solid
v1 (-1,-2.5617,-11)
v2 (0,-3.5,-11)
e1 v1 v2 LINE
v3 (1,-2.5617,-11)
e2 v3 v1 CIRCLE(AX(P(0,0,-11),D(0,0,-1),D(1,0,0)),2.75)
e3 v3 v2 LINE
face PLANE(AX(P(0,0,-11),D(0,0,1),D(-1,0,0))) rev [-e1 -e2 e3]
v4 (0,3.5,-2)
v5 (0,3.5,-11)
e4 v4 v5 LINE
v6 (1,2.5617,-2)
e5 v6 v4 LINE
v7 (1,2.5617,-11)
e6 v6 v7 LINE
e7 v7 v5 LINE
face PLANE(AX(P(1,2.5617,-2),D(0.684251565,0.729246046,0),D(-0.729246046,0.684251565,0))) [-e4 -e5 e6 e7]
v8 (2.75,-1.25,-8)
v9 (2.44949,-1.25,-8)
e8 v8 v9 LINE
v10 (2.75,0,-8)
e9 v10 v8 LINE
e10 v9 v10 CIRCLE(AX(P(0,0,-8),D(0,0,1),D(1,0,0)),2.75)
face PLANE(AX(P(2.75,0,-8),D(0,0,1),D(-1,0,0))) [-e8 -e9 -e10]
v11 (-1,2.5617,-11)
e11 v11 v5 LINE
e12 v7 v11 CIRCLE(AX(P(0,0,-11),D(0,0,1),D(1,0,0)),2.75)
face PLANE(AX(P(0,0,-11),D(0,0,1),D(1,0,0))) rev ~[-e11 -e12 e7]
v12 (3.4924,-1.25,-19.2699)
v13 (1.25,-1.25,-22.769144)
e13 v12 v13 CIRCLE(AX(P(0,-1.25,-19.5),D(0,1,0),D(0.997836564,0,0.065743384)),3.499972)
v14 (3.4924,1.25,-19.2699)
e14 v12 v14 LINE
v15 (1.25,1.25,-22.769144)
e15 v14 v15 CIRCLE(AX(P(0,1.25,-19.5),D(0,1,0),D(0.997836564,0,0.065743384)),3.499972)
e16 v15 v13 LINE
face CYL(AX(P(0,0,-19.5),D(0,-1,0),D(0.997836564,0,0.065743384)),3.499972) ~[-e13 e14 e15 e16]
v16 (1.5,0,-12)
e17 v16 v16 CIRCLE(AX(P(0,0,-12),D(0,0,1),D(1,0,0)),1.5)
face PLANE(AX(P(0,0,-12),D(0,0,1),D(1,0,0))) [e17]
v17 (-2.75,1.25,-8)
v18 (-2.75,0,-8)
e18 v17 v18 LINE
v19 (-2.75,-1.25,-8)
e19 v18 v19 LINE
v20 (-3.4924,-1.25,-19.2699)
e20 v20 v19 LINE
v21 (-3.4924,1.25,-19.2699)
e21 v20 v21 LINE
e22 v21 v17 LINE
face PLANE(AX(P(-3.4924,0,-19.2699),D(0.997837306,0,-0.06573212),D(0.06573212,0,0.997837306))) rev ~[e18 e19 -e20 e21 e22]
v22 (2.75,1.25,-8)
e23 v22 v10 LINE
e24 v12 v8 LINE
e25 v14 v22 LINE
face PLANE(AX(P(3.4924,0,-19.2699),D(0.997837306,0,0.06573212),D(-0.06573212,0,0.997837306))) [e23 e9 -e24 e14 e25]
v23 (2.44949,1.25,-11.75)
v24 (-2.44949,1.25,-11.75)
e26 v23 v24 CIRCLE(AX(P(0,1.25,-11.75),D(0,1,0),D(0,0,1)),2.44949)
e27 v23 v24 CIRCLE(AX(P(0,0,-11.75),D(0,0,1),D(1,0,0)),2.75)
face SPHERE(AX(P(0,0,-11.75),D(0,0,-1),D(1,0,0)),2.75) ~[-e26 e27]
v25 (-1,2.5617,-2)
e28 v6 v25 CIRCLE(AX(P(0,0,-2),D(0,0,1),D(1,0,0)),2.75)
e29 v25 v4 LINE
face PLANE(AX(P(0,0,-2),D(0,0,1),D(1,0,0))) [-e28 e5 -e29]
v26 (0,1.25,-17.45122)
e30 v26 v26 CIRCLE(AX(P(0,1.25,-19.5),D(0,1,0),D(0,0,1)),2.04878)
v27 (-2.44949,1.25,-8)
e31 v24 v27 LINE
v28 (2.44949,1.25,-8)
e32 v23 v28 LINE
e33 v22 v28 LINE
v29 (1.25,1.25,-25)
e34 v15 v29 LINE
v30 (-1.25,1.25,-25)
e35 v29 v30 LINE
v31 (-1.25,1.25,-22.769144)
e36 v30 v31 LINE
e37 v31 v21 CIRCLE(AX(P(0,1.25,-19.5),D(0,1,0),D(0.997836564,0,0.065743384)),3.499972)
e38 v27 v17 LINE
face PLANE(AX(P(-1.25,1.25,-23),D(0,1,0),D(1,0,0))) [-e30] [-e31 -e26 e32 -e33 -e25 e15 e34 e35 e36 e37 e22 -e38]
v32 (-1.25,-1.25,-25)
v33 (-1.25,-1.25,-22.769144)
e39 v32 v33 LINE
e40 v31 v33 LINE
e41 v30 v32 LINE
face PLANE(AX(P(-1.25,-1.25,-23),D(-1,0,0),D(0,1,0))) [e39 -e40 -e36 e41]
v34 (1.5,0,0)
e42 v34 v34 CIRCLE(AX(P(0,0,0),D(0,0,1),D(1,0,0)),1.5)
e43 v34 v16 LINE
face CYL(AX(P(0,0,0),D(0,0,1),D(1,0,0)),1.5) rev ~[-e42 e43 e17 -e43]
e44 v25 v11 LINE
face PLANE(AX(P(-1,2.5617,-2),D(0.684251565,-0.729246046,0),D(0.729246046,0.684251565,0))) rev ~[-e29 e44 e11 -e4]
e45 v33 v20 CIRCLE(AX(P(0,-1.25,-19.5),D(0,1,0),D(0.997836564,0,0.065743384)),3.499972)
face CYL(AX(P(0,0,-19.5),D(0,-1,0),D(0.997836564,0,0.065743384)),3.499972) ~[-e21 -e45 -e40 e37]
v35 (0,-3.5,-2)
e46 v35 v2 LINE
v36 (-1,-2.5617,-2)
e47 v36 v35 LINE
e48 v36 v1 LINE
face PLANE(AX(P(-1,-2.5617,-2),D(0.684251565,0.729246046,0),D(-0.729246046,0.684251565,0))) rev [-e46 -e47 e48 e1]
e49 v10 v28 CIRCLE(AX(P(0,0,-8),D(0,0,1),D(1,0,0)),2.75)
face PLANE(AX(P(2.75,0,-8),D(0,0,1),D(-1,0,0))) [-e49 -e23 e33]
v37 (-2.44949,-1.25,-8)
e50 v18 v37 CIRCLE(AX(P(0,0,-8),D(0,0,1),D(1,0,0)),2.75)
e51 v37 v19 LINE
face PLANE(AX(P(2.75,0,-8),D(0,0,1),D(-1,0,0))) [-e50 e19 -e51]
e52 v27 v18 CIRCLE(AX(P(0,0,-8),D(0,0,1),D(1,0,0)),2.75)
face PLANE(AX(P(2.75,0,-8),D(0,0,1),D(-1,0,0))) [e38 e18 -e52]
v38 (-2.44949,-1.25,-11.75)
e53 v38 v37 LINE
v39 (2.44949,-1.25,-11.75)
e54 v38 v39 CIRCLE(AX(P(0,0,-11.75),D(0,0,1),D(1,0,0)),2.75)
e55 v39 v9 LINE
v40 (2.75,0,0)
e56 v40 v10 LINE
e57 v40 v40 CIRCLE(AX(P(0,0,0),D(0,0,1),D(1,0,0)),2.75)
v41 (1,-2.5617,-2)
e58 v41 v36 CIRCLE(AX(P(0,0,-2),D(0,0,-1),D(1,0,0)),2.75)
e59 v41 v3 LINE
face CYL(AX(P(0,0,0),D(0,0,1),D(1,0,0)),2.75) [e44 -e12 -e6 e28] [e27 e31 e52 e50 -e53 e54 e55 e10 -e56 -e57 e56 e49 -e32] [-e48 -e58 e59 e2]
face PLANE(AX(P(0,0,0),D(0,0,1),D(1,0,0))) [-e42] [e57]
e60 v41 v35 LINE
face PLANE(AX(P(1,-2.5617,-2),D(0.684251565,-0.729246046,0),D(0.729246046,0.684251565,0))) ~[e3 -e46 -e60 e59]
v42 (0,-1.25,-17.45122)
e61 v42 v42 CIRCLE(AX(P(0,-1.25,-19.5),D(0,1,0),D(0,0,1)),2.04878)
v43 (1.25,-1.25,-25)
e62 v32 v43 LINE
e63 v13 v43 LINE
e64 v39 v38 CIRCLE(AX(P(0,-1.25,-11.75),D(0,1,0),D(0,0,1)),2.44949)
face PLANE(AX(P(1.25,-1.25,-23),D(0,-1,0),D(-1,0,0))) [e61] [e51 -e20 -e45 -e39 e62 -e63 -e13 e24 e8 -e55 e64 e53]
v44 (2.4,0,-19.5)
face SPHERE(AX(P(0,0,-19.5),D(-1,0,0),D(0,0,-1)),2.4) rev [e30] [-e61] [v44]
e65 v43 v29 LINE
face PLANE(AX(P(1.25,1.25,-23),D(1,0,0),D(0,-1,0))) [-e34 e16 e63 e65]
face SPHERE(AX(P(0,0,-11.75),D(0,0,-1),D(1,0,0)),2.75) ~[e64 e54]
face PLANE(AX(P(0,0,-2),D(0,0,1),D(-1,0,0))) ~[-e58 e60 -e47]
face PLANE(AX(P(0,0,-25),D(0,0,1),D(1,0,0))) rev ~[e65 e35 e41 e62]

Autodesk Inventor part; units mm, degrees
ref_plane "YZ Plane" through (0, 0, 0) normal (1, 0, 0) x (0, 1, 0)
sketch "Sketch2" plane through (0, 0, 0) normal (0, 0, 1) x (1, 0, 0)
  circle A0 centre (0, 0) radius 2.75
  dimension "d0" = 5.5
extrude "Extrusion1" add sketch "Sketch2" against normal blind 14.5
fillet "Fillet1" radius 2.75 1 edges at (-2.75, 0, -14.5)
sketch "Sketch3" plane through (0, 0, 0) normal (0, 1, 0) x (-1, 0, 0)
  line L0 (2.75, 0) -> (-2.75, 0) construction
  line L1 (-2.75, -11.75) -> (2.75, -11.75) construction
  arc A0 (-3.4924, -19.2699) -> (3.4924, -19.2699) centre (0, -19.5) ccw
  line L2 (3.4924, -19.2699) -> (2.75, -8)
  line L3 (-3.4924, -19.2699) -> (-2.75, -8)
  line L4 (0, -27.6) -> (0, 4.6) construction
  line L5 (2.75, 0) -> (2.75, -11.75) construction
  line L6 (-2.75, 0) -> (-2.75, -11.75) construction
  line L7 (-2.75, -8) -> (2.75, -8)
  point P0 (0, 0)
  dimension "d4" = 7
  dimension "d5" = 8
  dimension "d6" = 19.5
  dimension "d7" = 8
extrude "Extrusion2" add sketch "Sketch3" along normal mid plane 2.5
sketch "Sketch4" plane through (0, 0, 0) normal (0, 1, 0) x (-1, 0, 0)
  arc A0 (-3.4924, -19.2699) -> (3.4924, -19.2699) centre (0, -19.5) ccw construction
  arc A1 (-2.4, -19.5) -> (2.4, -19.5) centre (0, -19.5) ccw
  line L0 (2.4, -19.5) -> (-2.4, -19.5)
  point P0 (0, 0)
  dimension "d10" = 4.8
revolve "Revolution1" cut sketch "Sketch4" angle 360 about axis through (-2.4, 0, -19.5) along (1, 0, 0)
sketch "Sketch5" plane through (0, 0, 0) normal (0, 0, 1) x (1, 0, 0)
  circle A0 centre (0, 0) radius 1.5
  dimension "d12" = 3
extrude "Extrusion3" cut sketch "Sketch5" against normal blind 12
thread "Thread1" size "M3x0.5" designation "M3" class "6H" standard "ISO Metric profile" length 110
ref_plane "Work Plane1" through (0, 0, -23) normal (0, 0, 1) x (1, 0, 0)
sketch "Sketch6" plane through (0, 0, -23) normal (0, 0, 1) x (1, 0, 0)
  line L0 (-4.9, 0) -> (4.9, 0) construction
  line L1 (0, -3.85) -> (0, 3.85) construction
  line L2 (1.25, 1.25) -> (-1.25, 1.25)
  line L3 (-1.25, 1.25) -> (-1.25, -1.25)
  line L4 (-1.25, -1.25) -> (1.25, -1.25)
  line L5 (1.25, -1.25) -> (1.25, 1.25)
  point P0 (0, 0)
  dimension "d17" = 2.5
  dimension "d18" = 2.5
extrude "Extrusion4" add sketch "Sketch6" against normal blind 2
sketch "Sketch7" plane through (0, 0, -23) normal (0, 0, 1) x (1, 0, 0)
  line L0 (-1.25, -1.25) -> (-1.25, 1.25) construction
  line L1 (-1.25, 1.25) -> (1.25, 1.25) construction
  line L2 (1.25, 1.25) -> (1.25, -1.25) construction
  line L3 (1.25, -1.25) -> (-1.25, -1.25) construction
  line L4 (-1.25, 1.25) -> (1.25, 1.25)
  line L5 (1.25, 1.25) -> (1.25, -1.25)
  line L6 (1.25, -1.25) -> (-1.25, -1.25)
  line L7 (-1.25, -1.25) -> (-1.25, 1.25)
  point P0 (0, 0)
extrude "Extrusion5" add sketch "Sketch7" along normal up to surface
ref_plane "Work Plane2" through (0, 0, -2) normal (0, 0, 1) x (1, 0, 0)
sketch "Sketch8" plane through (0, 0, -2) normal (0, 0, 1) x (1, 0, 0)
  arc A0 (2.4495, 1.25) -> (-2.4495, 1.25) centre (0, 0) ccw construction
  circle A1 centre (0, 0) radius 2.75
  line L0 (0, -3.85) -> (0, 3.85) construction
  line L1 (-4.9, 0) -> (4.9, 0) construction
  line L2 (-1, 2.5617) -> (0, 3.5)
  line L3 (1, 2.5617) -> (0, 3.5)
  dimension "d24" = 3.5
  dimension "d25" = 2
extrude "Extrusion6" add sketch "Sketch8" against normal blind 9 contours A1 L2 L3
mirror "Mirror1" about plane through (0, 0, 0) normal (0, 1, 0) of "Extrusion6"
properties part number "Rotule_M3" material "POM"
